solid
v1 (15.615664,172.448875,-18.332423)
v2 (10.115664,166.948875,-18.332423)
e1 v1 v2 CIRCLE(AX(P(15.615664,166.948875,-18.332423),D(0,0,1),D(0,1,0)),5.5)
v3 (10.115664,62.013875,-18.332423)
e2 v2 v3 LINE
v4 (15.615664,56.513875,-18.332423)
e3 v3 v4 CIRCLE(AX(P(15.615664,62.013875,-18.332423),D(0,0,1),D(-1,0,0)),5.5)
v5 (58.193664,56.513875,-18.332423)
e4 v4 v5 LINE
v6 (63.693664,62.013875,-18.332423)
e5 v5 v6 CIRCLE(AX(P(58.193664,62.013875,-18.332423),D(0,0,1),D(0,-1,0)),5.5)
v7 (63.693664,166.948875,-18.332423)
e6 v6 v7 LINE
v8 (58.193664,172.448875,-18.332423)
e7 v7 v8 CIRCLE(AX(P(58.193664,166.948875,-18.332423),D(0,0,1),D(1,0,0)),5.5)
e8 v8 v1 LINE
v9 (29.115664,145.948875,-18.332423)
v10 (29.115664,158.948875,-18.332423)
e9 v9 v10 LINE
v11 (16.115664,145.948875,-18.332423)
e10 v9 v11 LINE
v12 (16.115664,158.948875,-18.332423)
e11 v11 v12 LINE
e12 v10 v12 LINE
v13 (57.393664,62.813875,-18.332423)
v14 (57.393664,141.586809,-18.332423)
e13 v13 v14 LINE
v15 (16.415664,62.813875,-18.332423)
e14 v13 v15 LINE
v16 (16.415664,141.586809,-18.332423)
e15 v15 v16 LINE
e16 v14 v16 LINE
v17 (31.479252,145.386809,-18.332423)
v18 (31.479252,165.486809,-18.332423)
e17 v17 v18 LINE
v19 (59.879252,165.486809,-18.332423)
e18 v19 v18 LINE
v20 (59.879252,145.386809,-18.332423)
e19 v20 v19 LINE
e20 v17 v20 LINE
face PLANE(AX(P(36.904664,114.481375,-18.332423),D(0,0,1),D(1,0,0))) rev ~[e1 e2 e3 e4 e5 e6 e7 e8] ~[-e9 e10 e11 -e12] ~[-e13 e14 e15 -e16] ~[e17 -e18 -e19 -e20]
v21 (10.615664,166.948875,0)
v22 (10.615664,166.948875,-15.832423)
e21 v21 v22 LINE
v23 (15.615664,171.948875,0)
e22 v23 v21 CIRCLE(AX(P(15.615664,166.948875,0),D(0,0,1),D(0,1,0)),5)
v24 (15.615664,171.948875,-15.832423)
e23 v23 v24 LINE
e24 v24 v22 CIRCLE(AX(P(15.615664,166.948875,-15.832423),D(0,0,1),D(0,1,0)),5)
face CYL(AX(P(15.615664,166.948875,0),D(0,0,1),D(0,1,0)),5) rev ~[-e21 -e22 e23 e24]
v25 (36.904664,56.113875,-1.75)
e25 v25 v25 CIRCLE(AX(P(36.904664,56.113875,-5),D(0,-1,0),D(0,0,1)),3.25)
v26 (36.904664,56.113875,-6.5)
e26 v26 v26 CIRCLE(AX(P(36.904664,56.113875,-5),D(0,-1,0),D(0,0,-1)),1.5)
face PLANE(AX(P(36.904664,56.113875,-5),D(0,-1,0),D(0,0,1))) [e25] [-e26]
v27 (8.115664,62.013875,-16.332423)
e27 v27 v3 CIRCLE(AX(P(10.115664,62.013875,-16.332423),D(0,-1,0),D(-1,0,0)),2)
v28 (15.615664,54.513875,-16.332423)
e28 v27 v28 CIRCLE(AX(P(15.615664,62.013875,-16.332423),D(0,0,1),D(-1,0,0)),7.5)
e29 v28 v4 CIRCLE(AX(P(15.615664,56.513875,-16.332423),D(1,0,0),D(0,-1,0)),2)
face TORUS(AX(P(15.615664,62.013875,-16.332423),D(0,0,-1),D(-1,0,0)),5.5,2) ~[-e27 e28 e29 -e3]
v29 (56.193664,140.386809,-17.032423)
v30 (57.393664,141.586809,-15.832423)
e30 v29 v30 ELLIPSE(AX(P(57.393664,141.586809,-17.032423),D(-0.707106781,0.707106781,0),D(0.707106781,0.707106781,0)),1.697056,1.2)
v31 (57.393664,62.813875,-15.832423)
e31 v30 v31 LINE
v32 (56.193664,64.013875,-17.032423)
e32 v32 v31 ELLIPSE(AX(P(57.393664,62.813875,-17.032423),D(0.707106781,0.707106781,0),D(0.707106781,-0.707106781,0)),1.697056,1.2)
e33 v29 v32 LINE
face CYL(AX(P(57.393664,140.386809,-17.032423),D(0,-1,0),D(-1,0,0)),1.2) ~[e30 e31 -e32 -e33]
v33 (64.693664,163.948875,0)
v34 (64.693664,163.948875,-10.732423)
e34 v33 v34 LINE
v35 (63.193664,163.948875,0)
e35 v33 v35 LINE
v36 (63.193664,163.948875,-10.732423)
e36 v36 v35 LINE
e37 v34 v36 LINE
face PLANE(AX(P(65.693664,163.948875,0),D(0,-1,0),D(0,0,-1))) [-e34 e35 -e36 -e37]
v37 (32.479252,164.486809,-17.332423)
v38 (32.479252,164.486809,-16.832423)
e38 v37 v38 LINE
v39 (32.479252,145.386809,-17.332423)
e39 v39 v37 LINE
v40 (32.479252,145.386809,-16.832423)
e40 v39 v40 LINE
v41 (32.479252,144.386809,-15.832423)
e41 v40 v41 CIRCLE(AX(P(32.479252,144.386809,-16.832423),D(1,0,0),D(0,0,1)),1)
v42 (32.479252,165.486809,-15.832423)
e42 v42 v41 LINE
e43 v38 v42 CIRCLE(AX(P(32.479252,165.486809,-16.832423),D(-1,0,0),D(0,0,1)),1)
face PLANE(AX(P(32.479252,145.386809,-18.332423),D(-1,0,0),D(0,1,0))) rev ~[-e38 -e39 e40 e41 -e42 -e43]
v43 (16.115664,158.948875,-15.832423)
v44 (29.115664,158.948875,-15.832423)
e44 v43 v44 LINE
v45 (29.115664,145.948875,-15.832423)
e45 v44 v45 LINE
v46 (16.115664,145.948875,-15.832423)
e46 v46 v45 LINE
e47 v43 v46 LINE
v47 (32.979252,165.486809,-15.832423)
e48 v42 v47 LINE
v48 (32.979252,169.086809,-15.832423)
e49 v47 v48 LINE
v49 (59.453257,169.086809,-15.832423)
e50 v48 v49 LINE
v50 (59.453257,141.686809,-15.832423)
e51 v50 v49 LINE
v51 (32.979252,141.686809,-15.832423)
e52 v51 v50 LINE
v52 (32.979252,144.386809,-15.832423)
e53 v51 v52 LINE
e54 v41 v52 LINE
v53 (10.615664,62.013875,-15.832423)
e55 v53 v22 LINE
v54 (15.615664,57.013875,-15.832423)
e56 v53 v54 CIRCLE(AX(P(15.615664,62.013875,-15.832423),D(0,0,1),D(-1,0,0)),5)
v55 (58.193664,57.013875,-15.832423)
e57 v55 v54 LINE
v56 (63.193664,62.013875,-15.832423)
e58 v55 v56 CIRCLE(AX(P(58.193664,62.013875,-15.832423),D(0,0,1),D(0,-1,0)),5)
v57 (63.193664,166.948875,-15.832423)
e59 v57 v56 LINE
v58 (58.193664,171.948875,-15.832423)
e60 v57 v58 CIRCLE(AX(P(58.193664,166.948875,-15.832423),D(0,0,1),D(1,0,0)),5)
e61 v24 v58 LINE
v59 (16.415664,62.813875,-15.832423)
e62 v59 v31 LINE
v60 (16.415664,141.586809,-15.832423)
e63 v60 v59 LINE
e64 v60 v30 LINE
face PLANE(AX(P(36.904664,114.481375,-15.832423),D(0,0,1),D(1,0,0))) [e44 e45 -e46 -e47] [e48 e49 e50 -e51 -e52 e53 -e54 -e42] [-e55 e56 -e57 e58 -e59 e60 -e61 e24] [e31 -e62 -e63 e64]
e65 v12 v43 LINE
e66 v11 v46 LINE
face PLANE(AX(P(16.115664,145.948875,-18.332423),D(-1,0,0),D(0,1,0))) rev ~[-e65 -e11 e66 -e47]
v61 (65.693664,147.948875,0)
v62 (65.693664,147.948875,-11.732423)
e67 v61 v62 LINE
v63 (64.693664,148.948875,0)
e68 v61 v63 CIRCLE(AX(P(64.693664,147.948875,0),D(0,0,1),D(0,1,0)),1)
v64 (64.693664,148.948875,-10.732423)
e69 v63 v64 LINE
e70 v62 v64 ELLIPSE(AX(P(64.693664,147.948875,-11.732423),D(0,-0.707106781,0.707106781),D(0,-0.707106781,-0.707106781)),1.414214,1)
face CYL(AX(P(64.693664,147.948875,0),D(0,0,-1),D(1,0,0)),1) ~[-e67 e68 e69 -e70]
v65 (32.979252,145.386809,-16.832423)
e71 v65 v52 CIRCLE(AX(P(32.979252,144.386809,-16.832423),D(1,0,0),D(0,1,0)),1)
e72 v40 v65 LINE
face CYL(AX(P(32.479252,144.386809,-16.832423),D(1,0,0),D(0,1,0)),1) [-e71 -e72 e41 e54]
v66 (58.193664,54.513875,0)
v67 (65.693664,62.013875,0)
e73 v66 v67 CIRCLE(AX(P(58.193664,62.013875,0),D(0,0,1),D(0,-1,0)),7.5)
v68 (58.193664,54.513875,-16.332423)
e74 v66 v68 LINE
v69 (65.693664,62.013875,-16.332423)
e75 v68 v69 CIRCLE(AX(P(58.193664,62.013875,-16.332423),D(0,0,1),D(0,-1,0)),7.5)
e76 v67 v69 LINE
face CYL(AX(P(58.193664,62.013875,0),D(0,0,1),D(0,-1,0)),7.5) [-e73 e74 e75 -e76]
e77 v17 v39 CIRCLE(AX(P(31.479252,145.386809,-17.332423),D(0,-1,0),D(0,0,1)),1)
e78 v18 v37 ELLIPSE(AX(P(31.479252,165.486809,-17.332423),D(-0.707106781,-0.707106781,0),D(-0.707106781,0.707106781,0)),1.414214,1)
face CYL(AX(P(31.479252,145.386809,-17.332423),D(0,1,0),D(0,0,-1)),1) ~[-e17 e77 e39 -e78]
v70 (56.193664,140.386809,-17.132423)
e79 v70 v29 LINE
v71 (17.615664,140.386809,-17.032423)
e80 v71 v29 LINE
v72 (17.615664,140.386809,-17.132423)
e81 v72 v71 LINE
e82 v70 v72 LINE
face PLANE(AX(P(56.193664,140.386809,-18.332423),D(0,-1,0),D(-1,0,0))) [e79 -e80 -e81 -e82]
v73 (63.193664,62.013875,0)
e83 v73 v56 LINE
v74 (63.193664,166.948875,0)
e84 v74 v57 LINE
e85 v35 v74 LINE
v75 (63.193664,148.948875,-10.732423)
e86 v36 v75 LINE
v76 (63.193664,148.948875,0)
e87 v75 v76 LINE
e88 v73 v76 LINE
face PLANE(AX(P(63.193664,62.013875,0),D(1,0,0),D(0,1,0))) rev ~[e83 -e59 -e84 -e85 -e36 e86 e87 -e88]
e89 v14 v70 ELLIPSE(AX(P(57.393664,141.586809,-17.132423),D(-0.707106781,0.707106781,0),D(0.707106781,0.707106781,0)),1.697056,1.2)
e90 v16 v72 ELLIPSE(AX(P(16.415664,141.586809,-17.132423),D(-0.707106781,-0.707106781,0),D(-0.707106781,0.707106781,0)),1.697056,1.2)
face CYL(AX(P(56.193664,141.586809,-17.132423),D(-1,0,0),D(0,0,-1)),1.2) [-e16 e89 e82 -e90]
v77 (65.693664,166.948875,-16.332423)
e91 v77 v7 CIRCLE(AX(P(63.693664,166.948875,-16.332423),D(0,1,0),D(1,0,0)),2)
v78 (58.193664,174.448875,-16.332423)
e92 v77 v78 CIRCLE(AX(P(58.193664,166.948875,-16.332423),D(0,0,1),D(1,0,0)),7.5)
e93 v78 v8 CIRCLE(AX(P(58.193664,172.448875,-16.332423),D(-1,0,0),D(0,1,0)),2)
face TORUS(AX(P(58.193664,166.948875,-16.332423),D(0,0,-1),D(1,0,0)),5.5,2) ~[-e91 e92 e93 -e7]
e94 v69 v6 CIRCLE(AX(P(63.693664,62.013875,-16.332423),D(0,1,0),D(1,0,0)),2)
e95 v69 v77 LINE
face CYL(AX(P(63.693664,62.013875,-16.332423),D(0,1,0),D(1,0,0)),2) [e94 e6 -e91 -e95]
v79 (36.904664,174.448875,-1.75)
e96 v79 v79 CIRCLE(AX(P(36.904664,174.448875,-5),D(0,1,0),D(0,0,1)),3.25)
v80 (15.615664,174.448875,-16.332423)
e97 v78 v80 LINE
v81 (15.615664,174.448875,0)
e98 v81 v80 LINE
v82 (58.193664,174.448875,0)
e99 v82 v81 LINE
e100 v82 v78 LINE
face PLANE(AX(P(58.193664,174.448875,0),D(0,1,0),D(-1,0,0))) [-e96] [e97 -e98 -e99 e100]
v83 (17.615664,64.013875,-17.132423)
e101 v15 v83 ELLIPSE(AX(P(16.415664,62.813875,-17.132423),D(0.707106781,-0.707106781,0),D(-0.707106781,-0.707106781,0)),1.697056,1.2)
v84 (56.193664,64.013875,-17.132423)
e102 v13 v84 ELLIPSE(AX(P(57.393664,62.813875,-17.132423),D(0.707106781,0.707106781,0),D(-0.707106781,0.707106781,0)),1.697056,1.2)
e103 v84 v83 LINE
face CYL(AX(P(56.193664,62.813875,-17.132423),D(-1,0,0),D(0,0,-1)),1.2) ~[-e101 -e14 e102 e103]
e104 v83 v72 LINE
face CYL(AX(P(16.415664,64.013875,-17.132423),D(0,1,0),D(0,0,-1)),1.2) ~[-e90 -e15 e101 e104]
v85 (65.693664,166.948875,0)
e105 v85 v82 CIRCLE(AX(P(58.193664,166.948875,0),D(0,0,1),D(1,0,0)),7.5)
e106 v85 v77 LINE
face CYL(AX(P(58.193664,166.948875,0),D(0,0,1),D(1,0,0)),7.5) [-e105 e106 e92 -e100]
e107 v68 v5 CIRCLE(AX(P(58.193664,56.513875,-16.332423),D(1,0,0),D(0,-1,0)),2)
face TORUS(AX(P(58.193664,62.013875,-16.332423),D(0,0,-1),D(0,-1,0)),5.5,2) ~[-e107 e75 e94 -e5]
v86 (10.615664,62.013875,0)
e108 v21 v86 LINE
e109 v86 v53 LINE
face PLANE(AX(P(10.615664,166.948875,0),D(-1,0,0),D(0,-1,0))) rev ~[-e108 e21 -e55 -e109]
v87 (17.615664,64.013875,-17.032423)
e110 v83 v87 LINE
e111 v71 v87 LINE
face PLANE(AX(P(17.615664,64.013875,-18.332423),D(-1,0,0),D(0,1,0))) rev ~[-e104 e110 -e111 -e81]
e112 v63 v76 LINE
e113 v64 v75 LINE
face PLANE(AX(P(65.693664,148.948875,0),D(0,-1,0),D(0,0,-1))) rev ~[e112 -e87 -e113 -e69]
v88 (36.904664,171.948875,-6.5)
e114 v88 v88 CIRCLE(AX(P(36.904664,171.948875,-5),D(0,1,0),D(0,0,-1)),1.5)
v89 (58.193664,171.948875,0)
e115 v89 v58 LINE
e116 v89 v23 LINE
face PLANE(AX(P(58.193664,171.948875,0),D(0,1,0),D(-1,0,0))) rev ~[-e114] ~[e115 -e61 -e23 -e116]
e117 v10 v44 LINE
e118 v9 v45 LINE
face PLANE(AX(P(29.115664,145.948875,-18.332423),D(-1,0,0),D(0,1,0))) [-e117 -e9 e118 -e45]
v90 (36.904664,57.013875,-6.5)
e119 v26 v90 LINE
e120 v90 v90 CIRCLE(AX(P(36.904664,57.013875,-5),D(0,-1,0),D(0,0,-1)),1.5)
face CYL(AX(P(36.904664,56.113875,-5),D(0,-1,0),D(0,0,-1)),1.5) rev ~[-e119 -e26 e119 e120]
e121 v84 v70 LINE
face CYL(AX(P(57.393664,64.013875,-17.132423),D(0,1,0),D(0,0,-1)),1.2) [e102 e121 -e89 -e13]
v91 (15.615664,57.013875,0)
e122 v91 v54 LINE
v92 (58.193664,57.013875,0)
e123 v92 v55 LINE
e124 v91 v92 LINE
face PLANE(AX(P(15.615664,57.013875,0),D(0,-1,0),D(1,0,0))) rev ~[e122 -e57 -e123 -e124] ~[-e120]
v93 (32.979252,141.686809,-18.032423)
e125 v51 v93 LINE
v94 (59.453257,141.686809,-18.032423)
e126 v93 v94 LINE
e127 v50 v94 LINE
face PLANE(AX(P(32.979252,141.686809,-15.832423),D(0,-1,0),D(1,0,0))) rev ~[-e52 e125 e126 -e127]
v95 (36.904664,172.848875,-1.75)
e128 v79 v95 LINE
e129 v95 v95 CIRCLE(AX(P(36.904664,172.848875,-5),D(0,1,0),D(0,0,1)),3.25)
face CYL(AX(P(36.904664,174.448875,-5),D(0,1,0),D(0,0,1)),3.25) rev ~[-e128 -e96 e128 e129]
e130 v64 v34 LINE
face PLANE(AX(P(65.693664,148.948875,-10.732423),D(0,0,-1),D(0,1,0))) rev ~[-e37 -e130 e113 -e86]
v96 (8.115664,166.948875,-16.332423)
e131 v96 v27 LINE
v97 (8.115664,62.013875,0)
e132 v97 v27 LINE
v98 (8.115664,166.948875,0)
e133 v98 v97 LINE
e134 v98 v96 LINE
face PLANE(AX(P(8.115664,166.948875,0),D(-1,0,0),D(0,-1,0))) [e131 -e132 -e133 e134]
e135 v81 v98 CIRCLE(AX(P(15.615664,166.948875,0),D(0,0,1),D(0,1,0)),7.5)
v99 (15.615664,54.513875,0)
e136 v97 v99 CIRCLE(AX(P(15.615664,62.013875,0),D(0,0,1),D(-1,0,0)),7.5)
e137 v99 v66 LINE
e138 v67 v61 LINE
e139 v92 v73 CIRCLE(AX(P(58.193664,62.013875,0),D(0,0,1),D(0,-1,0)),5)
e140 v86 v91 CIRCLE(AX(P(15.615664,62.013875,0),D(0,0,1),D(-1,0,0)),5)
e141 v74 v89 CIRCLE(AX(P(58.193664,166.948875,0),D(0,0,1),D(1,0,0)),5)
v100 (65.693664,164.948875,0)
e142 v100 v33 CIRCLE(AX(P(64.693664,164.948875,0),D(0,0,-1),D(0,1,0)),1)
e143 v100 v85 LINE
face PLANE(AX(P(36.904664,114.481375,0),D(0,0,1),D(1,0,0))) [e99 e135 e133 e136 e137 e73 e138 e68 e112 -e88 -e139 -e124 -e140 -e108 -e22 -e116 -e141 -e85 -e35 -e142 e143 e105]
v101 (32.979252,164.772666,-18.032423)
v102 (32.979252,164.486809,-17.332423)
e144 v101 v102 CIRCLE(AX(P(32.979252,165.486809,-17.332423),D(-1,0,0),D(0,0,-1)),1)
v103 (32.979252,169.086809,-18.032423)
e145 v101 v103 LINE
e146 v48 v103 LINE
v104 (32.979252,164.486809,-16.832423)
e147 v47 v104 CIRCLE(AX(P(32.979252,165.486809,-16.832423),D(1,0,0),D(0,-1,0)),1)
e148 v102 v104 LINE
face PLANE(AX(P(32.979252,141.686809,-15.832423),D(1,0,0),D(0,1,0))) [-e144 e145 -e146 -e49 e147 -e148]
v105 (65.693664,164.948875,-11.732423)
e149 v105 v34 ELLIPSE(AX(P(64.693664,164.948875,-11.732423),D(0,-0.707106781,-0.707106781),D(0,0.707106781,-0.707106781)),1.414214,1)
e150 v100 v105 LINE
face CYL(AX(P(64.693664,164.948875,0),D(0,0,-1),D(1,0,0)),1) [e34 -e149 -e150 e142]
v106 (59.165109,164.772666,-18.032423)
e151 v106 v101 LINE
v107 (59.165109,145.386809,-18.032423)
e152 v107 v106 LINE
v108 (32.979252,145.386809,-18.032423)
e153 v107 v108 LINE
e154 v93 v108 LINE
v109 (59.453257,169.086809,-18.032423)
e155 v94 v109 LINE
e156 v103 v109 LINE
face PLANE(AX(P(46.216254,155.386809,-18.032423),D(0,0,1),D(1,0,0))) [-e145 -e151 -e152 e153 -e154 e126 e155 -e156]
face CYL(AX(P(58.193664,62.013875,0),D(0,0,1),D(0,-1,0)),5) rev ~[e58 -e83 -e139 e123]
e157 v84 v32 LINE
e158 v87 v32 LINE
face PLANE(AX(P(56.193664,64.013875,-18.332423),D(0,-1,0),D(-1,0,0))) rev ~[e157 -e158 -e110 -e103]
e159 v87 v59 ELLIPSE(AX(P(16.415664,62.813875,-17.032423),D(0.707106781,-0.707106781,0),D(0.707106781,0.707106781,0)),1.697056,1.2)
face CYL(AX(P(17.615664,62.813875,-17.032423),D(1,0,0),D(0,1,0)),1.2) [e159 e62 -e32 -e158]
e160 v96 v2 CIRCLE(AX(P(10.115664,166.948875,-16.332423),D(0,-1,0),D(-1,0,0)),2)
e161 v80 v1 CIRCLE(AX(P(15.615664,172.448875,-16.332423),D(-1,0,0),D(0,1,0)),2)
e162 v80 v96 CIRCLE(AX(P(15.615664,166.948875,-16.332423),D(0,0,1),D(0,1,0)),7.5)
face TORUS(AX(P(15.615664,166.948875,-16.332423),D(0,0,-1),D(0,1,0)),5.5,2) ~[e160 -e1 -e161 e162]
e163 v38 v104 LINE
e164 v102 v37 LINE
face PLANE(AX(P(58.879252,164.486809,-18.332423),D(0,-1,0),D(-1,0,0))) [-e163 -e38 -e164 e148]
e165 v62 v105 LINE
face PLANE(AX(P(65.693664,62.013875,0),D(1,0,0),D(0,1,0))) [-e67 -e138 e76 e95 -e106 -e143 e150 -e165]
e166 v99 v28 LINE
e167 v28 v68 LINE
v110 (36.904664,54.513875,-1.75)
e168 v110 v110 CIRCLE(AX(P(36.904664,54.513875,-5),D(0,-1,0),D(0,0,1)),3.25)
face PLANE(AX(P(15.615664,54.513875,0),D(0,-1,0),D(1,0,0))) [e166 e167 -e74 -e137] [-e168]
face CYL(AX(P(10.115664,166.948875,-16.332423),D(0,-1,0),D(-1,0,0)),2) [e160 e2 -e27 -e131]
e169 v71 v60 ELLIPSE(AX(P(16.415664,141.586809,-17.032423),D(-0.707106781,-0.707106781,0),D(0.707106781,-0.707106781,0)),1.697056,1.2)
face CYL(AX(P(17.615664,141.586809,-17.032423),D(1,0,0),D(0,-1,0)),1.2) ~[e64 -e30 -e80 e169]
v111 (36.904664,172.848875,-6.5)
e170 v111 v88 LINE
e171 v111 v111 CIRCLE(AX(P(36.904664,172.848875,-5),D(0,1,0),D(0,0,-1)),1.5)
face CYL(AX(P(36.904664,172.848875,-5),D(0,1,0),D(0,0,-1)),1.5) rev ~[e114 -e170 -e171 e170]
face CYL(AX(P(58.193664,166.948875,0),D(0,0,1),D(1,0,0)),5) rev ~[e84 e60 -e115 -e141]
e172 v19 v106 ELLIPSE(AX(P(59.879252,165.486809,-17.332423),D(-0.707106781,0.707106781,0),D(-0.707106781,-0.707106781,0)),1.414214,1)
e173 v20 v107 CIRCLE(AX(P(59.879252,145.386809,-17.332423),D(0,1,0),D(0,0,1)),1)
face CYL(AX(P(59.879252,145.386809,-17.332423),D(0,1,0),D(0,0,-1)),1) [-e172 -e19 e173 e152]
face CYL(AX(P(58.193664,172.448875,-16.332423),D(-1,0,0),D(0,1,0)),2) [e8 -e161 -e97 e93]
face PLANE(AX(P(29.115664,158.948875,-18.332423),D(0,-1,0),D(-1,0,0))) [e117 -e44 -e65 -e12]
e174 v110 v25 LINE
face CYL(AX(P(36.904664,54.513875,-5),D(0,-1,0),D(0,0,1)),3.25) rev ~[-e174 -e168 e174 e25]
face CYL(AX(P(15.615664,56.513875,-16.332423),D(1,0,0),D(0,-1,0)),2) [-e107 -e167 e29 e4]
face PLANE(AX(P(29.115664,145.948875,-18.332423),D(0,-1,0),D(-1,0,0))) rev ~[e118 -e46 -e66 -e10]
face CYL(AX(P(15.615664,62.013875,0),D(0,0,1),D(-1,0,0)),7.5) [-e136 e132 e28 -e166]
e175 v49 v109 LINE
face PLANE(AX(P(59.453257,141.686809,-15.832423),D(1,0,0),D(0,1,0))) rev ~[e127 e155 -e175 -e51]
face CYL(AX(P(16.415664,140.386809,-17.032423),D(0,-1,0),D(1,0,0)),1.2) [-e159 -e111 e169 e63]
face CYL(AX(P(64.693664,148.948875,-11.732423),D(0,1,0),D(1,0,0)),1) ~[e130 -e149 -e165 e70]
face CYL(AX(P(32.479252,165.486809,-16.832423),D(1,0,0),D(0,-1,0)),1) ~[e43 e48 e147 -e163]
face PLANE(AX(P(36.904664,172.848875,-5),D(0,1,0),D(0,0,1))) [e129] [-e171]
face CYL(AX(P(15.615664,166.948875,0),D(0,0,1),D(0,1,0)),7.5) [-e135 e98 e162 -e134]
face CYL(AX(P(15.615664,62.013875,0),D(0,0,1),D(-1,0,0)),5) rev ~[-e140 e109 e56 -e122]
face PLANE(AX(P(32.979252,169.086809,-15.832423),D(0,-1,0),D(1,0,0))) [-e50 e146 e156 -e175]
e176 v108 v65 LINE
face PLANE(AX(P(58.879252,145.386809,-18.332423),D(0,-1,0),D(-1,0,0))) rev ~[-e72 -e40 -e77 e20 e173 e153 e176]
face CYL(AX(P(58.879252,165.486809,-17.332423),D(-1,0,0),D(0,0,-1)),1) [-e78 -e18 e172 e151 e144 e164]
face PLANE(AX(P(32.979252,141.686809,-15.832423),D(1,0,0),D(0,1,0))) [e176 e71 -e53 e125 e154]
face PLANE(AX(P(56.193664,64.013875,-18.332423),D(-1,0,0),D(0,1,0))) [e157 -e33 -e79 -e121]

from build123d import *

# Parameters (mm, degrees)
BOSS_EXTRUDE1_DEPTH = 18.332422662
SHELL2_T            = -2.5
SKETCH2_W           = 26.4
SKETCH2_H           = 19.1
SKETCH2_W_2         = 13
SKETCH2_H_2         = 13
SKETCH2_W_3         = 38.578
SKETCH2_H_3         = 76.372933558
CUT_EXTRUDE1_DEPTH  = 4
FILLET1_R           = 2
FILLET2_R           = 1.2
FILLET4_R           = 1
CUT_EXTRUDE2_REACH  = 186.618
SKETCH3_W           = 10.732422662
SKETCH3_H           = 15
FILLET5_R           = 1
SKETCH6_W           = 26.474005188
SKETCH6_H           = 27.4
CUT_EXTRUDE5_DEPTH  = 2.2
SKETCH7_R           = 3.25
CUT_EXTRUDE6_DEPTH  = 1.6
SKETCH8_R           = 3.25
CUT_EXTRUDE7_DEPTH  = 1.6
SKETCH9_R           = 1.5
CUT_EXTRUDE8_DEPTH  = 5
SKETCH10_R          = 1.5
CUT_EXTRUDE9_DEPTH  = 5


with BuildPart() as part:
    # Sketch1 → Boss-Extrude1 (new body)
    with BuildSketch(Plane.XY):
        with BuildLine():
            Line((15.615664433, 54.513874967), (58.193664433, 54.513874967))
            ThreePointArc((58.193664433, 54.513874967), (63.496965292, 56.710574108), (65.693664433, 62.013874967))
            Line((65.693664433, 62.013874967), (65.693664433, 166.948874967))
            ThreePointArc((65.693664433, 166.948874967), (63.496965292, 172.252175826), (58.193664433, 174.448874967))
            Line((58.193664433, 174.448874967), (15.615664433, 174.448874967))
            ThreePointArc((15.615664433, 174.448874967), (10.312363574, 172.252175826), (8.115664433, 166.948874967))
            Line((8.115664433, 166.948874967), (8.115664433, 62.013874967))
            ThreePointArc((8.115664433, 62.013874967), (10.312363574, 56.710574108), (15.615664433, 54.513874967))
        make_face()
    extrude(amount=-BOSS_EXTRUDE1_DEPTH)

    # Shell2
    shell2_openings = [part.faces().sort_by_distance(p)[0] for p in [
        (36.904664433, 114.481374967, 0),
    ]]
    offset(amount=SHELL2_T, openings=shell2_openings, kind=Kind.INTERSECTION)

    # Sketch2 → Cut-Extrude1 (cut)
    with BuildSketch(Plane(origin=(0, 0, -18.332422662), x_dir=(-1, 0, 0), z_dir=(0, 0, -1))):
        with Locations((-45.679251594, 154.936808525)):
            Rectangle(SKETCH2_W, SKETCH2_H)
        with Locations((-22.615664433, 152.448874967)):
            Rectangle(SKETCH2_W_2, SKETCH2_H_2)
        with Locations((-36.904664433, 102.200341746)):
            Rectangle(SKETCH2_W_3, SKETCH2_H_3)
    extrude(amount=-CUT_EXTRUDE1_DEPTH, mode=Mode.SUBTRACT)

    # Fillet1
    fillet1_edges = [part.edges().sort_by_distance(p)[0] for p in [
        (63.496965292, 56.710574108, -18.332422662),
        (65.693664433, 114.481374967, -18.332422662),
        (63.496965292, 172.252175826, -18.332422662),
        (36.904664433, 174.448874967, -18.332422662),
        (10.312363574, 172.252175826, -18.332422662),
        (8.115664433, 114.481374967, -18.332422662),
        (10.312363574, 56.710574108, -18.332422662),
        (36.904664433, 54.513874967, -18.332422662),
    ]]
    fillet(fillet1_edges, radius=FILLET1_R)

    # Fillet2
    fillet2_edges = [part.edges().sort_by_distance(p)[0] for p in [
        (36.904664433, 64.013874967, -15.832422662),
        (17.615664433, 102.200341746, -15.832422662),
        (36.904664433, 140.386808525, -15.832422662),
        (56.193664433, 102.200341746, -15.832422662),
        (56.193664433, 102.200341746, -18.332422662),
        (36.904664433, 64.013874967, -18.332422662),
        (17.615664433, 102.200341746, -18.332422662),
        (36.904664433, 140.386808525, -18.332422662),
    ]]
    fillet(fillet2_edges, radius=FILLET2_R)

    # Fillet4
    fillet4_edges = [part.edges().sort_by_distance(p)[0] for p in [
        (45.679251594, 164.486808525, -15.832422662),
        (45.679251594, 145.386808525, -15.832422662),
        (32.479251594, 154.936808525, -18.332422662),
        (45.679251594, 164.486808525, -18.332422662),
        (58.879251594, 154.936808525, -18.332422662),
    ]]
    fillet(fillet4_edges, radius=FILLET4_R)

    # Sketch3 → Cut-Extrude2 (cut, up to next)
    with BuildSketch(Plane(origin=(65.693664433, 0, 0), x_dir=(0, 0, -1), z_dir=(1, 0, 0)), mode=Mode.PRIVATE) as cut_extrude2_sk1:
        with Locations((5.366211331, 156.448874967)):
            Rectangle(SKETCH3_W, SKETCH3_H)
    cut_extrude2_tool1 = extrude(cut_extrude2_sk1.sketch, amount=-CUT_EXTRUDE2_REACH, mode=Mode.PRIVATE) & part.part
    add(cut_extrude2_tool1.solids().sort_by_distance((65.693664, 156.448875, -5.366211))[0], mode=Mode.SUBTRACT)

    # Fillet5
    fillet5_edges = [part.edges().sort_by_distance(p)[0] for p in [
        (65.693664433, 148.948874967, -5.366211331),
        (65.693664433, 156.448874967, -10.732422662),
        (65.693664433, 163.948874967, -5.366211331),
    ]]
    fillet(fillet5_edges, radius=FILLET5_R)

    # Sketch6 → Cut-Extrude5 (cut)
    with BuildSketch(Plane.XY.offset(-15.832422662)):
        with Locations((46.216254188, 155.386808525)):
            Rectangle(SKETCH6_W, SKETCH6_H)
    extrude(amount=-CUT_EXTRUDE5_DEPTH, mode=Mode.SUBTRACT)

    # Sketch7 → Cut-Extrude6 (cut)
    with BuildSketch(Plane(origin=(0, 174.448874967, 0), x_dir=(1, 0, 0), z_dir=(0, 1, 0))):
        with Locations(Location((36.904664433, 5, 0), (0, 0, 270))):
            Circle(SKETCH7_R)
    extrude(amount=-CUT_EXTRUDE6_DEPTH, mode=Mode.SUBTRACT)

    # Sketch8 → Cut-Extrude7 (cut)
    with BuildSketch(Plane.XZ.offset(-54.513874967)):
        with Locations(Location((36.904664433, -5, 0), (0, 0, 90))):
            Circle(SKETCH8_R)
    extrude(amount=-CUT_EXTRUDE7_DEPTH, mode=Mode.SUBTRACT)

    # Sketch9 → Cut-Extrude8 (cut)
    with BuildSketch(Plane.XZ.offset(-56.113874967)):
        with Locations(Location((36.904664433, -5, 0), (0, 0, 270))):
            Circle(SKETCH9_R)
    extrude(amount=-CUT_EXTRUDE8_DEPTH, mode=Mode.SUBTRACT)

    # Sketch10 → Cut-Extrude9 (cut)
    with BuildSketch(Plane(origin=(0, 172.848874967, 0), x_dir=(1, 0, 0), z_dir=(0, 1, 0))):
        with Locations(Location((36.904664433, 5, 0), (0, 0, 90))):
            Circle(SKETCH10_R)
    extrude(amount=-CUT_EXTRUDE9_DEPTH, mode=Mode.SUBTRACT)


solid = part.part
